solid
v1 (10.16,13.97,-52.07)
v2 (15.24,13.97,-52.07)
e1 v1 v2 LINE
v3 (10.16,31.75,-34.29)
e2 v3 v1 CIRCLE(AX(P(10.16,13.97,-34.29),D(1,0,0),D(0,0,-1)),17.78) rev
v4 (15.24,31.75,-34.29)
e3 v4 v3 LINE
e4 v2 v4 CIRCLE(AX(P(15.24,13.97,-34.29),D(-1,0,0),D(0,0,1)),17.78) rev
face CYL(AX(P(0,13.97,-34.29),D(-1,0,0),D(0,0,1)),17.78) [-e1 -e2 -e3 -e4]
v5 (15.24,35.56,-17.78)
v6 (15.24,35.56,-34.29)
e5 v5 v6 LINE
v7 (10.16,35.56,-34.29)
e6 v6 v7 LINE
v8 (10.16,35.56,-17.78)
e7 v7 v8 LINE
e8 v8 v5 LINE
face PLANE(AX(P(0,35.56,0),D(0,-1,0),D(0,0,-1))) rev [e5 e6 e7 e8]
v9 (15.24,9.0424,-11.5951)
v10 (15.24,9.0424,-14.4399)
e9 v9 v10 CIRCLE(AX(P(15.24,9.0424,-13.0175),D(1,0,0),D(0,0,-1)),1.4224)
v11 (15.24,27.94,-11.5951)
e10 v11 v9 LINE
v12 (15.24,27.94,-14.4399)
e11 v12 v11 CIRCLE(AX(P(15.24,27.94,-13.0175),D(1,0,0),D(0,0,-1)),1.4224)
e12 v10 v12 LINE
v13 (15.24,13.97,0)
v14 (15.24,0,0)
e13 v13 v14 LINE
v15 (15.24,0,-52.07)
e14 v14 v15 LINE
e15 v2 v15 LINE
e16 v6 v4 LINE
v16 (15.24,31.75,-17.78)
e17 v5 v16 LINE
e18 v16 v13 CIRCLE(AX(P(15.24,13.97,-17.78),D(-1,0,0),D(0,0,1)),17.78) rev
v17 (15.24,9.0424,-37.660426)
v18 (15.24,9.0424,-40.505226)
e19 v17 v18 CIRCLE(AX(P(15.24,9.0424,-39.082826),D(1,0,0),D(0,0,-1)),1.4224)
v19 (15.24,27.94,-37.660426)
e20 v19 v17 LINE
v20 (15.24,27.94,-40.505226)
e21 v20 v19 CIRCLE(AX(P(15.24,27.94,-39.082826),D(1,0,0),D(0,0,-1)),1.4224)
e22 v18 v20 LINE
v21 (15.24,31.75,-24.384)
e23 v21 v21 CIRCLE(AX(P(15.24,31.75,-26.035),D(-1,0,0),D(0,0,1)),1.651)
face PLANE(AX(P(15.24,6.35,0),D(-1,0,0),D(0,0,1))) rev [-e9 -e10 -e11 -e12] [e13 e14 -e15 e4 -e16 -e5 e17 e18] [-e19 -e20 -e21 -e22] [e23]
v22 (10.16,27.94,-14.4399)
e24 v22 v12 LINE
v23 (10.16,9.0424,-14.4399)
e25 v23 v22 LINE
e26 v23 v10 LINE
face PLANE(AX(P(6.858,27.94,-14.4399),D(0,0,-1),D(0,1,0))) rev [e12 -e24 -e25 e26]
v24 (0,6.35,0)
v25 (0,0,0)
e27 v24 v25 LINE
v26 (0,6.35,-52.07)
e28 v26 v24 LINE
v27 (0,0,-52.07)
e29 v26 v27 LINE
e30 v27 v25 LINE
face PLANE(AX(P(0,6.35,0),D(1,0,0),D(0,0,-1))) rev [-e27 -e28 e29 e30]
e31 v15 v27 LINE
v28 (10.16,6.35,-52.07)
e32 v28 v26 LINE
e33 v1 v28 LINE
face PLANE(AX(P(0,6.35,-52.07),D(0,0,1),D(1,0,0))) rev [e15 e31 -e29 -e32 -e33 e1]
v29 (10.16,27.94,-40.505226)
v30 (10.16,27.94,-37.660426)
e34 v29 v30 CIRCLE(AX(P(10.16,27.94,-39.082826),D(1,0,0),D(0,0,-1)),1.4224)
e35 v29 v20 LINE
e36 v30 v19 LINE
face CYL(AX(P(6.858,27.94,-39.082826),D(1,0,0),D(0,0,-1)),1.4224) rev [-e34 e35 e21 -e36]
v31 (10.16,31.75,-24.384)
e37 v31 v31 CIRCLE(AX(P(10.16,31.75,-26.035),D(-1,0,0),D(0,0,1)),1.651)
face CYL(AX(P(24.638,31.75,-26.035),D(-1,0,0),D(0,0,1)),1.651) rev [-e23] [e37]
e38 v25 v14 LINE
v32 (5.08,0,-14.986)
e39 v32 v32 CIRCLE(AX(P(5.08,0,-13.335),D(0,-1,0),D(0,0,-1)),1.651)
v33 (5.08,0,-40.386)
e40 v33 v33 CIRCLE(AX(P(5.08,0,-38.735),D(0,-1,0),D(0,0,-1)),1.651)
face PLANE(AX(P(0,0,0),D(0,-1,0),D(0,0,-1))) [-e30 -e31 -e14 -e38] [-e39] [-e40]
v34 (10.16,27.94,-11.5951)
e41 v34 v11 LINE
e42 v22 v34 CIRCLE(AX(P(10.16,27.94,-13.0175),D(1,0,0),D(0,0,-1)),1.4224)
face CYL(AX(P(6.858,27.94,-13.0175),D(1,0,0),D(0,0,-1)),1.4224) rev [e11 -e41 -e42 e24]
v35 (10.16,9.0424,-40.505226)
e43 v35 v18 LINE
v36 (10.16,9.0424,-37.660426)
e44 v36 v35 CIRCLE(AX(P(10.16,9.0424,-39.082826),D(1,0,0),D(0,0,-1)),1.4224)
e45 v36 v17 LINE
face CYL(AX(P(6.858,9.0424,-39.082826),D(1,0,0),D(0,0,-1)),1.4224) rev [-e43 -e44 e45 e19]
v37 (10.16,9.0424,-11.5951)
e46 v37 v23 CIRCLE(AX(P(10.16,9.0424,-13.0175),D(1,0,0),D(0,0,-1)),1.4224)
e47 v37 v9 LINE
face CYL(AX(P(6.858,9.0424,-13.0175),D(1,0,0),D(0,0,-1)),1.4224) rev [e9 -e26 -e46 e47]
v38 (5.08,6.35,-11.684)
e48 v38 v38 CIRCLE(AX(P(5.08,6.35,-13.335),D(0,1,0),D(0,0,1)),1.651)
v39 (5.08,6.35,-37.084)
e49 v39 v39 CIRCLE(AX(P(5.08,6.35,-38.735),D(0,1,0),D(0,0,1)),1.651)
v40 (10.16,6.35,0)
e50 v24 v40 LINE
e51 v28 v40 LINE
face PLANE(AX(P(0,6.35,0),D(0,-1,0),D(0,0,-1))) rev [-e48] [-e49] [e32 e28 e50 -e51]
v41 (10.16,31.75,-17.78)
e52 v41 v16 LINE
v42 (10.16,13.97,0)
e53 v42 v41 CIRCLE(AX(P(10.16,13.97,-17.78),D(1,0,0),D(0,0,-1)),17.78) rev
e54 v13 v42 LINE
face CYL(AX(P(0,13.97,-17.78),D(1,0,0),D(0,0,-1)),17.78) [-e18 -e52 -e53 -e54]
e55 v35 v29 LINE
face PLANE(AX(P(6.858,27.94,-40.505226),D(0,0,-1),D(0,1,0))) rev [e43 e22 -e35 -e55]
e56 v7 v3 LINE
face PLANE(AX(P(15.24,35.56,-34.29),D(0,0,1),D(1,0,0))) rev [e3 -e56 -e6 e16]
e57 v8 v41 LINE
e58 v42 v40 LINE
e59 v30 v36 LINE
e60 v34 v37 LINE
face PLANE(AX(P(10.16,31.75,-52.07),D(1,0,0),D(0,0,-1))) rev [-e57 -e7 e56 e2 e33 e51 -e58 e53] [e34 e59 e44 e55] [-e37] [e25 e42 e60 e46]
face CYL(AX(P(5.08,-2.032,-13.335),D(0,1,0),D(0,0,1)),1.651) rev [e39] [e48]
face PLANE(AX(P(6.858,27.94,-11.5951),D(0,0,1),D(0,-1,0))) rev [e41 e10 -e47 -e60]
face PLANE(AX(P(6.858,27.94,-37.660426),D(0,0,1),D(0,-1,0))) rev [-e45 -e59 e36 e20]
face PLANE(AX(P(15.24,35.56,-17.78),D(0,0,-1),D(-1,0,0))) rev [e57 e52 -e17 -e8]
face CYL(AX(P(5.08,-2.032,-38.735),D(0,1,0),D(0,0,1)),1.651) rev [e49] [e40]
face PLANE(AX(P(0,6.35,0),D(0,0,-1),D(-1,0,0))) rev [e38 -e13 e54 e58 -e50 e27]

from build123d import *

# Parameters (mm, degrees)
SKETCH1_W           = 15.24
SKETCH1_H           = 52.07
BOSS_EXTRUDE1_DEPTH = 6.35
SKETCH2_W           = 5.08
SKETCH2_H           = 52.07
BOSS_EXTRUDE2_DEPTH = 25.4
CUT_EXTRUDE1_DEPTH  = 8.382
SKETCH4_R           = 1.651
CUT_EXTRUDE2_DEPTH  = 8.382
FILLET1_R           = 17.78
SKETCH6_W           = 5.08
SKETCH6_H           = 16.51
BOSS_EXTRUDE3_DEPTH = 3.81
SKETCH7_R           = 1.651
CUT_EXTRUDE3_DEPTH  = 14.478


with BuildPart() as part:
    # Sketch1 → Boss-Extrude1 (new body)
    with BuildSketch(Plane(origin=(0, 0, 0), x_dir=(1, 0, 0), z_dir=(0, 1, 0))):
        with Locations((7.62, 26.035)):
            Rectangle(SKETCH1_W, SKETCH1_H)
    extrude(amount=BOSS_EXTRUDE1_DEPTH)

    # Sketch2 → Boss-Extrude2 (add)
    with BuildSketch(Plane(origin=(0, 6.35, 0), x_dir=(1, 0, 0), z_dir=(0, 1, 0))):
        with Locations((12.7, 26.035)):
            Rectangle(SKETCH2_W, SKETCH2_H)
    extrude(amount=BOSS_EXTRUDE2_DEPTH)

    # Sketch3 → Cut-Extrude1 (cut)
    with BuildSketch(Plane(origin=(15.24, 0, 0), x_dir=(0, 0, -1), z_dir=(1, 0, 0))):
        with BuildLine():
            Line((14.4399, 27.94), (14.4399, 9.0424))
            ThreePointArc((14.4399, 9.0424), (13.0175, 7.62), (11.5951, 9.0424))
            Line((11.5951, 9.0424), (11.5951, 27.94))
            ThreePointArc((11.5951, 27.94), (13.0175, 29.3624), (14.4399, 27.94))
        make_face()
        with BuildLine():
            Line((40.50522627, 27.94), (40.50522627, 9.0424))
            ThreePointArc((40.50522627, 9.0424), (39.08282627, 7.62), (37.66042627, 9.0424))
            Line((37.66042627, 9.0424), (37.66042627, 27.94))
            ThreePointArc((37.66042627, 27.94), (39.08282627, 29.3624), (40.50522627, 27.94))
        make_face()
    extrude(amount=-CUT_EXTRUDE1_DEPTH, mode=Mode.SUBTRACT)

    # Sketch4 → Cut-Extrude2 (cut)
    with BuildSketch(Plane(origin=(0, 6.35, 0), x_dir=(1, 0, 0), z_dir=(0, 1, 0))):
        with Locations(Location((5.08, 38.735, 0), (0, 0, 270))):
            Circle(SKETCH4_R)
        with Locations(Location((5.08, 13.335, 0), (0, 0, 270))):
            Circle(SKETCH4_R)
    extrude(amount=-CUT_EXTRUDE2_DEPTH, mode=Mode.SUBTRACT)

    # Fillet1
    fillet1_edges = [part.edges().sort_by_distance(p)[0] for p in [
        (12.7, 31.75, -52.07),
        (12.7, 31.75, 0),
    ]]
    fillet(fillet1_edges, radius=FILLET1_R)

    # Sketch6 → Boss-Extrude3 (add)
    with BuildSketch(Plane(origin=(0, 31.75, 0), x_dir=(1, 0, 0), z_dir=(0, 1, 0))):
        with Locations((12.7, 26.035)):
            Rectangle(SKETCH6_W, SKETCH6_H)
    extrude(amount=BOSS_EXTRUDE3_DEPTH)

    # Sketch7 → Cut-Extrude3 (cut)
    with BuildSketch(Plane.ZY.offset(-10.16)):
        with Locations((-26.035, 31.75)):
            Circle(SKETCH7_R)
    extrude(amount=-CUT_EXTRUDE3_DEPTH, mode=Mode.SUBTRACT)


solid = part.part
